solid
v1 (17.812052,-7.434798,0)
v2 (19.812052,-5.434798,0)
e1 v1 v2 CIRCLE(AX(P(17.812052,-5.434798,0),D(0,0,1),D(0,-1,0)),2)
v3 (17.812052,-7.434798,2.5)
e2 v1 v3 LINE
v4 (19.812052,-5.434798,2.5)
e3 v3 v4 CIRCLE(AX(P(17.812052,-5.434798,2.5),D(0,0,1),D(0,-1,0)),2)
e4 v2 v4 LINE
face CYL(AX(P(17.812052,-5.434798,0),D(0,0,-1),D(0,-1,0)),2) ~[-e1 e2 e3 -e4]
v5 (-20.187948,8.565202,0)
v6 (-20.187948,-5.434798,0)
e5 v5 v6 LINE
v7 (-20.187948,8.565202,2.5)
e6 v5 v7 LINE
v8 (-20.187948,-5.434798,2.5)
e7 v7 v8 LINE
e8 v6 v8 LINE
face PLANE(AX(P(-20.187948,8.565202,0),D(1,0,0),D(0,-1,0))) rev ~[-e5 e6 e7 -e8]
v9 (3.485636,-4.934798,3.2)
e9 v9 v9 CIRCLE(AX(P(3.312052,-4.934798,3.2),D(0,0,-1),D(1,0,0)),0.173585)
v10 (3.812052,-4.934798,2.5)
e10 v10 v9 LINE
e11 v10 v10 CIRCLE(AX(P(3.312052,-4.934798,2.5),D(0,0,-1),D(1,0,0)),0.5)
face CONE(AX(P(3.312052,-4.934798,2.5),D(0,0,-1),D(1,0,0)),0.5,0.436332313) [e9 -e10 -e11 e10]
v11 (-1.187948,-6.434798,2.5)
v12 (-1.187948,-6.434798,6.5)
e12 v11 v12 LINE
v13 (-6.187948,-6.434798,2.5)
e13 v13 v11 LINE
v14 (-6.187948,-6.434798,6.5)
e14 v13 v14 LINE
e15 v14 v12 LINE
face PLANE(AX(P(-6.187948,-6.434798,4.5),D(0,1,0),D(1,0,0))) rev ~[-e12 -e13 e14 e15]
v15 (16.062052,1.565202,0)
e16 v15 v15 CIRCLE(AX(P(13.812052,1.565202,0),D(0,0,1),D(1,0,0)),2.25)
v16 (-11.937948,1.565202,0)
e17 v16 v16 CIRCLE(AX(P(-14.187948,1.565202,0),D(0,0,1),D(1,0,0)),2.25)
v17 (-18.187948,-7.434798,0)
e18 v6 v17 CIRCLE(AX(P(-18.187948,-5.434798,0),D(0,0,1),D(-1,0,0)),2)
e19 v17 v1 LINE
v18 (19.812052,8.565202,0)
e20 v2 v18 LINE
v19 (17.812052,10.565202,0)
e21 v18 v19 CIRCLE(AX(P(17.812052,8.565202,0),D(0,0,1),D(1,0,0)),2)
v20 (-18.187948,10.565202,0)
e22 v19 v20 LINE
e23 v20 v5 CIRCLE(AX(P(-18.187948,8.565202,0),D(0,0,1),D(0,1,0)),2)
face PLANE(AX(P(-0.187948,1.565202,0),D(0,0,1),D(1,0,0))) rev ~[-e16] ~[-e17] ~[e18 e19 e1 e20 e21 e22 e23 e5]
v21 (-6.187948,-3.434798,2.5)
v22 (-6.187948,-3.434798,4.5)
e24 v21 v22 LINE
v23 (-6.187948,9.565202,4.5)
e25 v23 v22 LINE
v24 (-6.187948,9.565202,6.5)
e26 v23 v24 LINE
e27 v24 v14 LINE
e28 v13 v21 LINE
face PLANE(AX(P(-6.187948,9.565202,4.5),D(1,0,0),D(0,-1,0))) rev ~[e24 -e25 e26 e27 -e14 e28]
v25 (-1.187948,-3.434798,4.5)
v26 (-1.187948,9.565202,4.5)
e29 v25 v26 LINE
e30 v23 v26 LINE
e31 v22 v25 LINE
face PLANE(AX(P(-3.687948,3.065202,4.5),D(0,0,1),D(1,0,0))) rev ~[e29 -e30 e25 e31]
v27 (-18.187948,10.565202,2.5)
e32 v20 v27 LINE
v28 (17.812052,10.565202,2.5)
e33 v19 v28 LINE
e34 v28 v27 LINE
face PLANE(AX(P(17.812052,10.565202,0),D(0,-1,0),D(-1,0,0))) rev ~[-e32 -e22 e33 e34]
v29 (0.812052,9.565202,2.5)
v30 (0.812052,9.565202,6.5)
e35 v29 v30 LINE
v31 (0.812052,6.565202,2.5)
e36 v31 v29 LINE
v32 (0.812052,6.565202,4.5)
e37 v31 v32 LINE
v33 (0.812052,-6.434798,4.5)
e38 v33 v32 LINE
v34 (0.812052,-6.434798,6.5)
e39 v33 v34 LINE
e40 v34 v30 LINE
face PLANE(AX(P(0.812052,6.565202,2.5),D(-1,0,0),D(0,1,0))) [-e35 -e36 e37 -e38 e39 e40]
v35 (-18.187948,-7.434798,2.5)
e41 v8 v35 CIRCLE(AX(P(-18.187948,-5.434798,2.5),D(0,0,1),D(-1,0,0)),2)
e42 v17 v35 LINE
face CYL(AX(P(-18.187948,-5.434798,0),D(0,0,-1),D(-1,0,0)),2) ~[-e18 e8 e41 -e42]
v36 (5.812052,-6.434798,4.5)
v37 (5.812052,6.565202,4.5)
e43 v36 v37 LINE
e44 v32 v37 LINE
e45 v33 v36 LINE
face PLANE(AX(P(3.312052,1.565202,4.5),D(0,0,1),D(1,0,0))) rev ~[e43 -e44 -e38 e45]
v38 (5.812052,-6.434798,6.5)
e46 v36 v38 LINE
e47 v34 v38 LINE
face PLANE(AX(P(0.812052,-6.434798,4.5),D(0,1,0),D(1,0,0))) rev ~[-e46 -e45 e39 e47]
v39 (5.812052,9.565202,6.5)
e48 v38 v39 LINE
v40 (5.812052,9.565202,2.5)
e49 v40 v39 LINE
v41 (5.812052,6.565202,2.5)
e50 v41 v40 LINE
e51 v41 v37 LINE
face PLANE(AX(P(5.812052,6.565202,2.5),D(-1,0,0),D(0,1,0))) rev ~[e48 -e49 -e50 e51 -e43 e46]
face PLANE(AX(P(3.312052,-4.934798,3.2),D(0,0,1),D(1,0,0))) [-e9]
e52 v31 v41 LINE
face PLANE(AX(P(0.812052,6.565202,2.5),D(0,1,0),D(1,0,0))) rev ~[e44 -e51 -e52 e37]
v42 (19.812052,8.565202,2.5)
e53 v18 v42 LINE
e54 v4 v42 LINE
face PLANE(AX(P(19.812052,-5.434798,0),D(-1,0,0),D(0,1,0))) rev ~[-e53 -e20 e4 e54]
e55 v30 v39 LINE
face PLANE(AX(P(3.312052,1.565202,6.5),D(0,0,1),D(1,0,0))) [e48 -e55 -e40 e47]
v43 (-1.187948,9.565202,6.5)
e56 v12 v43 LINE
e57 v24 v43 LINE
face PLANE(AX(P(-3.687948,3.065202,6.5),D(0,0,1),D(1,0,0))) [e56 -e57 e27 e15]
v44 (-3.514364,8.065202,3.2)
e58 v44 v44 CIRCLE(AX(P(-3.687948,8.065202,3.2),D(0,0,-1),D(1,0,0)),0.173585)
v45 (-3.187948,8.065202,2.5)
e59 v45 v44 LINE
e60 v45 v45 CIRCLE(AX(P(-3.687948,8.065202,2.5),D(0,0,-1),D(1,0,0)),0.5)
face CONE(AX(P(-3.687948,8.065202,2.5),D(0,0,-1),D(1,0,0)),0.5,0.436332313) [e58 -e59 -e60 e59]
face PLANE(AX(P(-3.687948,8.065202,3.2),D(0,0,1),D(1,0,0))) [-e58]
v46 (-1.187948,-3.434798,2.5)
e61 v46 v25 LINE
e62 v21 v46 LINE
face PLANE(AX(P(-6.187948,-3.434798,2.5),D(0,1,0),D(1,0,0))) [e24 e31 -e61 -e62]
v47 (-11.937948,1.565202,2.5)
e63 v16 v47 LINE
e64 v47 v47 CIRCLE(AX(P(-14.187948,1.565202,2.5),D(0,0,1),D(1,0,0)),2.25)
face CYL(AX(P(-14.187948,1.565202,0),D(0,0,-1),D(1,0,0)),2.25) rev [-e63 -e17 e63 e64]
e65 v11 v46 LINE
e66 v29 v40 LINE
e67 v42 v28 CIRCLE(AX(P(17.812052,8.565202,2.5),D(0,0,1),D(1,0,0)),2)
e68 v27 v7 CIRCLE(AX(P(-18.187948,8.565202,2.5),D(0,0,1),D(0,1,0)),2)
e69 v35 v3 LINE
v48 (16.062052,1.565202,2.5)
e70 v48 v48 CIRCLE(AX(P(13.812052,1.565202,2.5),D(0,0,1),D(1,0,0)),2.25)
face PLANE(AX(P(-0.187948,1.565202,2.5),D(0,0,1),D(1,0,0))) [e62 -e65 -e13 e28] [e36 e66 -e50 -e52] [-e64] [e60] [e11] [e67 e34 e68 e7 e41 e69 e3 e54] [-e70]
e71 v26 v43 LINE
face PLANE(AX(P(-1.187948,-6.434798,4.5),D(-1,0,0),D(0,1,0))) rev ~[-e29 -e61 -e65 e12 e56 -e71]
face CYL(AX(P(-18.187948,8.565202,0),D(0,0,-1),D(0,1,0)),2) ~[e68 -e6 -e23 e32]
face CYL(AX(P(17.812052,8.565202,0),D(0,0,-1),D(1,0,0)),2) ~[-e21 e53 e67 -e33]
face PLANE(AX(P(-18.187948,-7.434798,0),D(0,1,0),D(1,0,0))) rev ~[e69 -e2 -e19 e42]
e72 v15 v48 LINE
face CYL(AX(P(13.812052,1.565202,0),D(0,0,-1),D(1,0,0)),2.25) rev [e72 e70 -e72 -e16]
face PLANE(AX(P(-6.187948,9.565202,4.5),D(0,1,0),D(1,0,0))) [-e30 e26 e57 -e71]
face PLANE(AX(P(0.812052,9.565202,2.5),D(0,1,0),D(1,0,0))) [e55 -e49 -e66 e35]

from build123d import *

# Parameters (mm, degrees)
F0_R     = 2.25
F1_DEPTH = 2.5
F2_W     = 5
F2_H     = 3
F3_DEPTH = 2
F4_W     = 5
F4_H     = 13
F4_H_2   = 16
F4_H_3   = 3
F5_DEPTH = 2
F2_R     = 0.5
F6_DEPTH = 0.7
F6_TAPER = 25


with BuildPart() as f1:
    # F0 (on Top) → F1 (new body)
    with BuildSketch(Plane.XY):
        with BuildLine():
            Line((17.8120516539, 10.5652021154), (-18.1879483461, 10.5652021154))
            ThreePointArc((-18.1879483461, 10.5652021154), (-19.6021619085, 9.9794156778), (-20.1879483461, 8.5652021154))
            Line((-20.1879483461, 8.5652021154), (-20.1879483461, -5.4347978846))
            ThreePointArc((-20.1879483461, -5.4347978846), (-19.6021619085, -6.849011447), (-18.1879483461, -7.4347978846))
            Line((-18.1879483461, -7.4347978846), (17.8120516539, -7.4347978846))
            ThreePointArc((17.8120516539, -7.4347978846), (19.2262652162, -6.849011447), (19.8120516539, -5.4347978846))
            Line((19.8120516539, -5.4347978846), (19.8120516539, 8.5652021154))
            ThreePointArc((19.8120516539, 8.5652021154), (19.2262652162, 9.9794156778), (17.8120516539, 10.5652021154))
        make_face()
        with Locations((-14.1879483461, 1.5652021154)):
            Circle(F0_R, mode=Mode.SUBTRACT)
        with Locations((13.8120516539, 1.5652021154)):
            Circle(F0_R, mode=Mode.SUBTRACT)
    extrude(amount=F1_DEPTH)

    # F2 (on face) → F3 (join)
    with BuildSketch(Plane.XY.offset(2.5)):
        with Locations((-3.6879483461, -4.9347978846)):
            Rectangle(F2_W, F2_H)
        with Locations((3.3120516539, 8.0652021154)):
            Rectangle(F2_W, F2_H)
    extrude(amount=F3_DEPTH)

    # F4 (on face) → F5 (join)
    with BuildSketch(Plane.XY.offset(4.5)):
        with Locations((-3.6879483461, 3.0652021154)):
            Rectangle(F4_W, F4_H)
        with Locations((3.3120516539, 1.5652021154)):
            Rectangle(F4_W, F4_H_2)
        with Locations((-3.6879483461, -4.9347978846)):
            Rectangle(F4_W, F4_H_3)
    extrude(amount=F5_DEPTH)

    # F2 (on face) → F6 (join)
    with BuildSketch(Plane.XY.offset(2.5)):
        with Locations((-3.6879483461, 8.0652021154)):
            Circle(F2_R)
        with Locations((3.3120516539, -4.9347978846)):
            Circle(F2_R)
    extrude(amount=F6_DEPTH, taper=F6_TAPER)


solid = f1.part
